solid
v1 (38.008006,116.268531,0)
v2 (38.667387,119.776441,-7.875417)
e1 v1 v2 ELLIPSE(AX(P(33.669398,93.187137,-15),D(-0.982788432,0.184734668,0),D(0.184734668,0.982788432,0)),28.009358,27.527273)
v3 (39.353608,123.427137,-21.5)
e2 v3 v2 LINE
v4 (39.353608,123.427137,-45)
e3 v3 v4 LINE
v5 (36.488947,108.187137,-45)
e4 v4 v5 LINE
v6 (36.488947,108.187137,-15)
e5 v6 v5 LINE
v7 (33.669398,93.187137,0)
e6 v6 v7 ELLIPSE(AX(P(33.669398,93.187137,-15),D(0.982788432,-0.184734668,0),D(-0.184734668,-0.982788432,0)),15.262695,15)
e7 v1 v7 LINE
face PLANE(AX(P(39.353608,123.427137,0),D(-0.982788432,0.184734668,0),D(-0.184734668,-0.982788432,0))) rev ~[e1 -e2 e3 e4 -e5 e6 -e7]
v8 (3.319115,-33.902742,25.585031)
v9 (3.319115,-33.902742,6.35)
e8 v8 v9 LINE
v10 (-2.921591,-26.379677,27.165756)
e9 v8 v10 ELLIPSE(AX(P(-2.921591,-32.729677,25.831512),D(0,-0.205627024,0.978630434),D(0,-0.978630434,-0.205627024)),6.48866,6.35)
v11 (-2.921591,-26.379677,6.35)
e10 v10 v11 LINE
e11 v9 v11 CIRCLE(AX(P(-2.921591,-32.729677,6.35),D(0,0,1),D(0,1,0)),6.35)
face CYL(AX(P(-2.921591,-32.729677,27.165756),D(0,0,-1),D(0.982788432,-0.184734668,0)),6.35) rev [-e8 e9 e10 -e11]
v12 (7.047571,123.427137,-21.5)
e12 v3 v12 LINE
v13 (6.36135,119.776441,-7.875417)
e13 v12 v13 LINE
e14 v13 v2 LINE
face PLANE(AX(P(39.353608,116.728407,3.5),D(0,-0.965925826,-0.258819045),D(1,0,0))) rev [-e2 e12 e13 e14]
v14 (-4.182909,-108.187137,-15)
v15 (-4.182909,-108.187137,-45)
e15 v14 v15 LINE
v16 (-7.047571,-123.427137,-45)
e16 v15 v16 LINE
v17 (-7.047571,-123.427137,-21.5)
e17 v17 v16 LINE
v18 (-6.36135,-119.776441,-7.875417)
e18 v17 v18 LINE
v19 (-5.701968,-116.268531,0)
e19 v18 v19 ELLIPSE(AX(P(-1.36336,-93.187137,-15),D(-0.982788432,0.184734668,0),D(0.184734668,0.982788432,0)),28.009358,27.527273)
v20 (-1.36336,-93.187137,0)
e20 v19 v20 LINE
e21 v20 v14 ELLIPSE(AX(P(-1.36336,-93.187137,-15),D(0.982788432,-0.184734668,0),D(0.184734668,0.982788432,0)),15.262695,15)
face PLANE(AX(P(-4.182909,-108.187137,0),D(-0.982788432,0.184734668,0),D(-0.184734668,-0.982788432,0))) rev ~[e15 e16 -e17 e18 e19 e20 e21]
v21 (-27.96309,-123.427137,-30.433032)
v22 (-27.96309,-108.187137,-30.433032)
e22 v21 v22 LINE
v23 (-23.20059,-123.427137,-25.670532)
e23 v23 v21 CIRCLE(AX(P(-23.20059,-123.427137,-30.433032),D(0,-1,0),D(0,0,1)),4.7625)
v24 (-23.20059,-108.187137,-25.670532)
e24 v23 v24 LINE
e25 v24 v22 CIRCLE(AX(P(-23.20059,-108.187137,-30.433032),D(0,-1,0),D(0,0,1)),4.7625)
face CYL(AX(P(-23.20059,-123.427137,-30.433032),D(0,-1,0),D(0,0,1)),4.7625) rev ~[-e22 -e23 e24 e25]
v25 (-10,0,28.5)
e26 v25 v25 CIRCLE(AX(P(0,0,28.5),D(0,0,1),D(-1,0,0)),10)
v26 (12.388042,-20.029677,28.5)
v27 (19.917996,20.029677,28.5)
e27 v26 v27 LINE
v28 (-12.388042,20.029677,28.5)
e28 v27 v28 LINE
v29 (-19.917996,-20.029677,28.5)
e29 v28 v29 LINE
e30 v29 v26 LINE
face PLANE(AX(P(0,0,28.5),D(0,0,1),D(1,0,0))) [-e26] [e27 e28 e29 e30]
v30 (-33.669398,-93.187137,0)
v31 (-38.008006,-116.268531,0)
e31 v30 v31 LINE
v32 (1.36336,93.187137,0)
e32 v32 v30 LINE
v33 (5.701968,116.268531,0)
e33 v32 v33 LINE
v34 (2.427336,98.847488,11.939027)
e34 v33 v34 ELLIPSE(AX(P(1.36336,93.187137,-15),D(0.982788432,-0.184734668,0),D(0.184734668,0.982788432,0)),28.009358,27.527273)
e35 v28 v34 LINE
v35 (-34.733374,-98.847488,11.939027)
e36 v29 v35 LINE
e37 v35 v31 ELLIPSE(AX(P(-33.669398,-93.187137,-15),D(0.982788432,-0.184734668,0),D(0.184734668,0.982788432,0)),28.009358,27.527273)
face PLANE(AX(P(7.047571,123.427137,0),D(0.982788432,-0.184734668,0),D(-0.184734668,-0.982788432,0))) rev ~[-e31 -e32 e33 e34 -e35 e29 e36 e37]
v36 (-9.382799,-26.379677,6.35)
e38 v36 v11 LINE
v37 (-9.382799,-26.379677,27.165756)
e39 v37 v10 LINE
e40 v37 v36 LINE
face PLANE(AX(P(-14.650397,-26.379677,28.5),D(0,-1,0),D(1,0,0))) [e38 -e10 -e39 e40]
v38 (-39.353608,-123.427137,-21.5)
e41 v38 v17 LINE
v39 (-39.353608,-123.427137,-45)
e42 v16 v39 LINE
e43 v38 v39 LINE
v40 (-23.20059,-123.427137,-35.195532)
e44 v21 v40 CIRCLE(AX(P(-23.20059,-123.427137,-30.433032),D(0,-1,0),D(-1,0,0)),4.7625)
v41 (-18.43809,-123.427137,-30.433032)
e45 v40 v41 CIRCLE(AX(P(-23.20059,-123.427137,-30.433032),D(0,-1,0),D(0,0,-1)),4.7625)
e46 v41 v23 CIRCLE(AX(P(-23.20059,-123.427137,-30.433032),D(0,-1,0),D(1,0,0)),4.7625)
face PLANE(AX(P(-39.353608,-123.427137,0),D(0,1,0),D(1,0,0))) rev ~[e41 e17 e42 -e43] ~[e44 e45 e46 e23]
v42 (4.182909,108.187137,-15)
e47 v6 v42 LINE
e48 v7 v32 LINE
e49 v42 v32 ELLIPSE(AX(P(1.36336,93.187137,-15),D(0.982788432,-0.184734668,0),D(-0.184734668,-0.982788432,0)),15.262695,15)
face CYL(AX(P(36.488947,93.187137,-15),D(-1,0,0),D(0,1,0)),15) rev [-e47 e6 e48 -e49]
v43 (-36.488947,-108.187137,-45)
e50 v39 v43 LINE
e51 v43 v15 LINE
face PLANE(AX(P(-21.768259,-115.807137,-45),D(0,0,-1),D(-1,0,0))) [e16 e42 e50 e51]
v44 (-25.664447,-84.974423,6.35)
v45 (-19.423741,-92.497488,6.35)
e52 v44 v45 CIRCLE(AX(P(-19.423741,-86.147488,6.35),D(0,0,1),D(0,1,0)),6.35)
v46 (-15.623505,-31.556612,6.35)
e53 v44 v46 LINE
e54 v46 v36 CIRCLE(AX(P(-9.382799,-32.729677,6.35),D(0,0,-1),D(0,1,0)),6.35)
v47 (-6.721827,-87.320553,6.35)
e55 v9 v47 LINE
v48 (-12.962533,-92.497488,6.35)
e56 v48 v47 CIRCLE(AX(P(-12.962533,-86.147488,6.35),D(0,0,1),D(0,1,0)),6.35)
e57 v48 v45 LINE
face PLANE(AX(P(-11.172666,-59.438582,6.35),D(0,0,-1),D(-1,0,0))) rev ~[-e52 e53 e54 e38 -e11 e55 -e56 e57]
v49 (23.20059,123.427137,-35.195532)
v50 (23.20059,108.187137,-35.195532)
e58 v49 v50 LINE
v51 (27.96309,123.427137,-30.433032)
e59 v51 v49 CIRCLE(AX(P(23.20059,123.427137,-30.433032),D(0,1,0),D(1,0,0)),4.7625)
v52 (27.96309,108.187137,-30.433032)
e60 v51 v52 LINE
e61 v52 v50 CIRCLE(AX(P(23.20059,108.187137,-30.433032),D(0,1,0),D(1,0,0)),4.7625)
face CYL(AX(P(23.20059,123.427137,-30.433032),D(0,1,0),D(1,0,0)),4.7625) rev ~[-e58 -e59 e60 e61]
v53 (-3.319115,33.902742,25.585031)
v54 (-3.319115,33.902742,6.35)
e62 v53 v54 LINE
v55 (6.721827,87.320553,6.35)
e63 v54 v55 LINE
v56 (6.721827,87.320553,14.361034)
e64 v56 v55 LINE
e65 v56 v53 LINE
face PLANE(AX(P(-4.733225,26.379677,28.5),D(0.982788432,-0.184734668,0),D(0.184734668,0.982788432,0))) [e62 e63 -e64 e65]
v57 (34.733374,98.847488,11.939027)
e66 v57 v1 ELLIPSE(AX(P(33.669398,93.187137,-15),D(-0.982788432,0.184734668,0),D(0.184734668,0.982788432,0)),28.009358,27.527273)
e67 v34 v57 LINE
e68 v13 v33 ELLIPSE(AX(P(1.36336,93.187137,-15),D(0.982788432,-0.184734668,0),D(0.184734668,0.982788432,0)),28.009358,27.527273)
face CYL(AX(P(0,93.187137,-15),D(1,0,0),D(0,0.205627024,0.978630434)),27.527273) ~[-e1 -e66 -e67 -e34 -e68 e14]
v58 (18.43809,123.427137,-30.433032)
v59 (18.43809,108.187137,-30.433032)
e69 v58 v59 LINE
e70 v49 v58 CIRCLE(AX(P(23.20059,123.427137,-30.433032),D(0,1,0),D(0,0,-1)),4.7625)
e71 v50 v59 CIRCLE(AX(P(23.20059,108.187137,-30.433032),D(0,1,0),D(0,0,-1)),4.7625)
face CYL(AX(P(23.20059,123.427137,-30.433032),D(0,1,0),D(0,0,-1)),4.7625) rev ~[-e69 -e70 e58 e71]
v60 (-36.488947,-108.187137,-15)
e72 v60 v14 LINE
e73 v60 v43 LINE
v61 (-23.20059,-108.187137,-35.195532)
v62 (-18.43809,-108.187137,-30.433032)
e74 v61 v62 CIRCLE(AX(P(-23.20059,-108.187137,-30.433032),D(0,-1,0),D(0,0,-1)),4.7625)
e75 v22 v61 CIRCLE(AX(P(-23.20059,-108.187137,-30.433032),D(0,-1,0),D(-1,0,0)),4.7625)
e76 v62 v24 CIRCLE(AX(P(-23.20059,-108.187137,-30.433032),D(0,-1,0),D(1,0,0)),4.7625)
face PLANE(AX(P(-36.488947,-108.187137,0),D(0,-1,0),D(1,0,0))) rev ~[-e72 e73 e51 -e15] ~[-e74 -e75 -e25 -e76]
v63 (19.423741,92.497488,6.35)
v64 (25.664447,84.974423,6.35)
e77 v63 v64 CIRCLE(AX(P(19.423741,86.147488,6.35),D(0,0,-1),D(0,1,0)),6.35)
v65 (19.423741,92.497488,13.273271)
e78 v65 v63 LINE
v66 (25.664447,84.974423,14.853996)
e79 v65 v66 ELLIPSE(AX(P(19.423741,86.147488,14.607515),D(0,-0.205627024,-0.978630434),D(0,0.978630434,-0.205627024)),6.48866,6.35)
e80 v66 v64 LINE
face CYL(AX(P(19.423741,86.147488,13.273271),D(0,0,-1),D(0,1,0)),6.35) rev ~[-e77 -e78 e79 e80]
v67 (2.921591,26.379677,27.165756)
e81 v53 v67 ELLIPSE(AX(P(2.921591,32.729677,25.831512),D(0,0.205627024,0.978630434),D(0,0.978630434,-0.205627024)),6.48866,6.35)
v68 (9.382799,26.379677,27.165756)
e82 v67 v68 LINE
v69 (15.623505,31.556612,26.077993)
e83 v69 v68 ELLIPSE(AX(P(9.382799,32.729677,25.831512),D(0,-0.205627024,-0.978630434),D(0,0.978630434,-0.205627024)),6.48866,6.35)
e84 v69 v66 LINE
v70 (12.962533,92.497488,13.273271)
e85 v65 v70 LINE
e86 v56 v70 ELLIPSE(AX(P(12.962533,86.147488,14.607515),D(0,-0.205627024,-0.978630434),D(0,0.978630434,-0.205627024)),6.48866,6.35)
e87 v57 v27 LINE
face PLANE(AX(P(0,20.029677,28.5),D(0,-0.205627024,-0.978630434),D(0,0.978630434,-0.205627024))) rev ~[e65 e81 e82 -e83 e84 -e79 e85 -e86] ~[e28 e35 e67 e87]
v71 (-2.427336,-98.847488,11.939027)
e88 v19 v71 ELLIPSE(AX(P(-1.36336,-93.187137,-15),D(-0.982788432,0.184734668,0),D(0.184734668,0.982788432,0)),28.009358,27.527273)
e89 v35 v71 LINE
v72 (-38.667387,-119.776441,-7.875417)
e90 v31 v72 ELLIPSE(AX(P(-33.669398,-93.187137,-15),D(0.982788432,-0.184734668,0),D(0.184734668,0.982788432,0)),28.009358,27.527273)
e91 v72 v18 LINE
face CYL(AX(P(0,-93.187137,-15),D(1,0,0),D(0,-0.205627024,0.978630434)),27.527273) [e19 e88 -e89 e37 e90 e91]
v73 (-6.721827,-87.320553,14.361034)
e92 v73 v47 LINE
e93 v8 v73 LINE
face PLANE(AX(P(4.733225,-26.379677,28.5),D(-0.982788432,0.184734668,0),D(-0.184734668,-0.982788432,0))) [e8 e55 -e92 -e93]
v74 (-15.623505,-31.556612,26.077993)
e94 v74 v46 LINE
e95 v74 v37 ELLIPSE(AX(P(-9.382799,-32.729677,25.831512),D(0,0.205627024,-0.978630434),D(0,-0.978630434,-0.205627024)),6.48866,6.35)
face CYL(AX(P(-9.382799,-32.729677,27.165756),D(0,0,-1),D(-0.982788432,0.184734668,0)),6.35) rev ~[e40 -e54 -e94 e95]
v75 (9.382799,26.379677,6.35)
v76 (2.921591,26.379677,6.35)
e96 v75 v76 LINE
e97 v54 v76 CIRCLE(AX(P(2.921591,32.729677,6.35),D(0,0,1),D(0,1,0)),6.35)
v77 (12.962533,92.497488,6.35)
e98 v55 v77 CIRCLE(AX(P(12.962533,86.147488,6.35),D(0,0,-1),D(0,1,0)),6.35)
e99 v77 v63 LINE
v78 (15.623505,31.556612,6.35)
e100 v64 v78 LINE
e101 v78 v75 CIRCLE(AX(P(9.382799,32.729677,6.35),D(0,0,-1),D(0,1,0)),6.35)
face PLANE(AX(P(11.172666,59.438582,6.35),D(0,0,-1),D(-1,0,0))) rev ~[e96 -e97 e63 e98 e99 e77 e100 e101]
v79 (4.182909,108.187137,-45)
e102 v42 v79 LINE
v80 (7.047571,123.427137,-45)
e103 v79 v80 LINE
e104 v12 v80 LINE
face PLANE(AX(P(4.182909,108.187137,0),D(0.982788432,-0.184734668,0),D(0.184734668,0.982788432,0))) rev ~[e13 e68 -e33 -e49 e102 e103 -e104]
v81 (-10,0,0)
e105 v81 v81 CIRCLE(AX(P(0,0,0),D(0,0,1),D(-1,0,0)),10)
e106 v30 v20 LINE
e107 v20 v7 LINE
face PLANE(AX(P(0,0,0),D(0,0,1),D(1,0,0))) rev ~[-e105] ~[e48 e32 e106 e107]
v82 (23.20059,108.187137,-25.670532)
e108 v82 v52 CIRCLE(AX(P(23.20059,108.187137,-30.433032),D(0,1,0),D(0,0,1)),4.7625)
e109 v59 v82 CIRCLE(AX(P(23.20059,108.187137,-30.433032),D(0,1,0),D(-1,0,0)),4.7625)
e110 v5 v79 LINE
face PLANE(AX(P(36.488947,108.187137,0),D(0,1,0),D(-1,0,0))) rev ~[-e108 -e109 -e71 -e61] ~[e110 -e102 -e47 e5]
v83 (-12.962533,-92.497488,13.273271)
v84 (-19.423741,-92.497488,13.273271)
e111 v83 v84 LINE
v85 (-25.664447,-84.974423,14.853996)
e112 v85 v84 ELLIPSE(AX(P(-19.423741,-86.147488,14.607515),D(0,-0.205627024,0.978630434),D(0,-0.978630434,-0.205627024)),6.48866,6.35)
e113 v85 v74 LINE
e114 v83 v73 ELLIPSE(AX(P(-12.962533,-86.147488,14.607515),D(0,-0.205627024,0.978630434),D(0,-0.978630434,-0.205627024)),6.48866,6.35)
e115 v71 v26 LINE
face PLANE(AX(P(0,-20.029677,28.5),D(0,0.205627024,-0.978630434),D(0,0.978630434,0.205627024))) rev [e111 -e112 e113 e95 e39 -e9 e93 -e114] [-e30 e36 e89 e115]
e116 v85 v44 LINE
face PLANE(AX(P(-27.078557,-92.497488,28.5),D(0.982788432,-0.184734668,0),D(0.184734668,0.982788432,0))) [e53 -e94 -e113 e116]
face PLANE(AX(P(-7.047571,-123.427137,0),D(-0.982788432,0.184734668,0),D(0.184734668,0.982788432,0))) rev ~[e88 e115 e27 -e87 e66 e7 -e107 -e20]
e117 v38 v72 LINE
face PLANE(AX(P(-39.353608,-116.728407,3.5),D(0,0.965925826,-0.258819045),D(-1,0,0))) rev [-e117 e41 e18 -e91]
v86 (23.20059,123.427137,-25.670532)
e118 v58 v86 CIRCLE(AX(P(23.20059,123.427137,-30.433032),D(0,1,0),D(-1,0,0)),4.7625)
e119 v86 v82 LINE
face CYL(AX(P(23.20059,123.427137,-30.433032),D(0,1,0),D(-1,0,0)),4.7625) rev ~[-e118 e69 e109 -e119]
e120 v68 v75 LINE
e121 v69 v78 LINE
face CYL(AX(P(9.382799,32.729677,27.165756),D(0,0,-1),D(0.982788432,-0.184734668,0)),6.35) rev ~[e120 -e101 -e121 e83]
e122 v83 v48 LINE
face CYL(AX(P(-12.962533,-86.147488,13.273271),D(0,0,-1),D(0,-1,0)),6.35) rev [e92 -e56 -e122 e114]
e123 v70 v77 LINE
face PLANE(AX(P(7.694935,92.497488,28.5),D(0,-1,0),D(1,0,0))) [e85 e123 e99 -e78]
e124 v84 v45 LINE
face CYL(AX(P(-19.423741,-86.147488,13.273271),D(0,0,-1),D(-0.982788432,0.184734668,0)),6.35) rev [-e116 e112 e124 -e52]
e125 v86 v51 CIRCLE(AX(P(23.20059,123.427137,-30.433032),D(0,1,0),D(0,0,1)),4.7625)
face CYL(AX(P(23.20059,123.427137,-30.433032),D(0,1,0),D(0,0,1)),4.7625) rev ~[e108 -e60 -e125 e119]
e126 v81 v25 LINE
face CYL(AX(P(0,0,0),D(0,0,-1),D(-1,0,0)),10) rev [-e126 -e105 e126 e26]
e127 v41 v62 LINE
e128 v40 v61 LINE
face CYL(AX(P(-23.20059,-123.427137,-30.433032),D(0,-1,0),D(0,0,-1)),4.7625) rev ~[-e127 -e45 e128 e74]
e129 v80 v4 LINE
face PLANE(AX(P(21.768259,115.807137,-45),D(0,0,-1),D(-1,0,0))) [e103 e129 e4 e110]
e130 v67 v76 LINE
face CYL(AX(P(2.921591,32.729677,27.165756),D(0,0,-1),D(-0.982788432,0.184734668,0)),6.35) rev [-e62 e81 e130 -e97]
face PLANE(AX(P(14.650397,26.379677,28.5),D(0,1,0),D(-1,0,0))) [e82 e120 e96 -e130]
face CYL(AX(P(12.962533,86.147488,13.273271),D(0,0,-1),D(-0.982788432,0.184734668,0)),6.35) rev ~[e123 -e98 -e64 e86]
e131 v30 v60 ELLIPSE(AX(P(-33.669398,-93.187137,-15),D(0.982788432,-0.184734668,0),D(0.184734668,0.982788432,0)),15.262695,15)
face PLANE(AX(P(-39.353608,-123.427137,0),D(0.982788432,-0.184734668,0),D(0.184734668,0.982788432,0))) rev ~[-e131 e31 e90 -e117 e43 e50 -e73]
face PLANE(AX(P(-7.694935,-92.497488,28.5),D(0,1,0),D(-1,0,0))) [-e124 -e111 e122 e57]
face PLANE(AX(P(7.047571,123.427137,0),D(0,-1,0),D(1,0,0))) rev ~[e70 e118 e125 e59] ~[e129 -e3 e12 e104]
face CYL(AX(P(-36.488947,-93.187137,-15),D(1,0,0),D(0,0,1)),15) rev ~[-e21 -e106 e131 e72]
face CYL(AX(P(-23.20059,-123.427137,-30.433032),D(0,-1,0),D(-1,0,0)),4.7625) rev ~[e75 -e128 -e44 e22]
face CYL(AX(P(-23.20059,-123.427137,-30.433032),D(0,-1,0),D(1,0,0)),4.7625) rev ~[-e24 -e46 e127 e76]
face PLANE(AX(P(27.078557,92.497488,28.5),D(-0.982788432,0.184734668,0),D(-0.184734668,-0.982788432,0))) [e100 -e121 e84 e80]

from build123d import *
from OCP.BRepFilletAPI import BRepFilletAPI_MakeChamfer

# Parameters (mm, degrees)
SKETCH1_R           = 10
BOSS_EXTRUDE1_DEPTH = 28.5
BOSS_EXTRUDE2_DEPTH = 45
CUT_EXTRUDE1_DEPTH  = 30
CIRPATTERN1_COUNT   = 2
CHAMFER1_SIZE       = 50
CHAMFER1_SIZE2      = 13.397459622
FILLET3_R           = 15
CHAMFER2_SIZE       = 90
CHAMFER2_SIZE2      = 13.607292824
CUT_EXTRUDE2_DEPTH  = 138.142132616
CUT_EXTRUDE4_DEPTH  = 22.15
FILLET6_R           = 6.35


with BuildPart() as part:
    # Sketch1 → Boss-Extrude1 (new body)
    with BuildSketch(Plane.XY):
        Polygon((-7.047570808, -123.427136592), (39.353608362, 123.427136592), (7.047570808, 123.427136592), (-39.353608362, -123.427136592), align=None)
        with Locations(Location((0, 0, 0), (0, 0, 180))):
            Circle(SKETCH1_R, mode=Mode.SUBTRACT)
    extrude(amount=BOSS_EXTRUDE1_DEPTH)

    # Sketch2 → Boss-Extrude2 (add)
    with BuildSketch(Plane(origin=(0, 0, 0), x_dir=(-1, 0, 0), z_dir=(0, 0, -1))):
        Polygon((-39.353608362, 123.427136592), (-36.488946708, 108.187136592), (-4.182909154, 108.187136592), (-7.047570808, 123.427136592), align=None)
        Polygon((36.488946708, -108.187136592), (4.182909154, -108.187136592), (7.047570808, -123.427136592), (39.353608362, -123.427136592), align=None)
    extrude(amount=BOSS_EXTRUDE2_DEPTH)

    # Sketch4 → Cut-Extrude1 (cut)
    with BuildSketch(Plane(origin=(0, 123.427136592, 0), x_dir=(1, 0, 0), z_dir=(0, 1, 0))):
        with BuildLine():
            ThreePointArc((18.438089585, 30.433032299), (19.83299354, 27.065436254), (23.200589585, 25.670532299))
            Line((23.200589585, 25.670532299), (23.200589585, 30.433032299))
            Line((23.200589585, 30.433032299), (18.438089585, 30.433032299))
        make_face()
        with BuildLine():
            Line((23.200589585, 30.433032299), (23.200589585, 25.670532299))
            ThreePointArc((23.200589585, 25.670532299), (26.56818563, 27.065436254), (27.963089585, 30.433032299))
            Line((27.963089585, 30.433032299), (23.200589585, 30.433032299))
        make_face()
        with BuildLine():
            Line((18.438089585, 30.433032299), (23.200589585, 30.433032299))
            Line((23.200589585, 30.433032299), (23.200589585, 35.195532299))
            ThreePointArc((23.200589585, 35.195532299), (19.83299354, 33.800628344), (18.438089585, 30.433032299))
        make_face()
        with BuildLine():
            Line((23.200589585, 35.195532299), (23.200589585, 30.433032299))
            Line((23.200589585, 30.433032299), (27.963089585, 30.433032299))
            ThreePointArc((27.963089585, 30.433032299), (26.56818563, 33.800628344), (23.200589585, 35.195532299))
        make_face()
    cut_extrude1 = extrude(amount=-CUT_EXTRUDE1_DEPTH, mode=Mode.SUBTRACT)

    # CirPattern1: Cut-Extrude1 ×2 about axis
    cirpattern1_axis = Axis((0, 0, 28.5), (0, 0, -1))
    for i in range(1, CIRPATTERN1_COUNT):
        add(cut_extrude1.rotate(cirpattern1_axis, i * 360 / CIRPATTERN1_COUNT), mode=Mode.SUBTRACT)

    # Chamfer1: one chamfer whose edges measure the first distance from different faces: ONE call of the kernel's chamfer builder (chamfer() names one face for all edges)
    chamfer1_edges_1 = [part.edges().sort_by_distance(p)[0] for p in [
        (-23.200589585, -123.427136592, 28.5),
    ]]
    chamfer1_side_1 = [part.faces().sort_by_distance(p)[0] for p in [
        (-23.200589585, -123.427136592, -7.563719055),
    ]]
    chamfer1_edges_2 = [part.edges().sort_by_distance(p)[0] for p in [
        (23.200589585, 123.427136592, 28.5),
    ]]
    chamfer1_side_2 = [part.faces().sort_by_distance(p)[0] for p in [
        (23.200589585, 123.427136592, -7.563719055),
    ]]
    chamfer1 = BRepFilletAPI_MakeChamfer(part.part.solid().wrapped)
    for e in chamfer1_edges_1:
        chamfer1.Add(CHAMFER1_SIZE, CHAMFER1_SIZE2, e.wrapped, chamfer1_side_1[0].wrapped)  # the first distance lies on this face
    for e in chamfer1_edges_2:
        chamfer1.Add(CHAMFER1_SIZE, CHAMFER1_SIZE2, e.wrapped, chamfer1_side_2[0].wrapped)  # the first distance lies on this face
    add(Compound.cast(chamfer1.Shape()), mode=Mode.REPLACE)

    # Fillet3
    fillet3_edges = [part.edges().sort_by_distance(p)[0] for p in [
        (20.335927931, 108.187136592, 0),
        (-20.335927931, -108.187136592, 0),
    ]]
    fillet(fillet3_edges, radius=FILLET3_R)

    # Chamfer2
    chamfer2_edges = [part.edges().sort_by_distance(p)[0] for p in [
        (-20.682270107, -110.02967697, 28.5),
        (20.682270107, 110.02967697, 28.5),
    ]]
    chamfer2_side = [part.faces().sort_by_distance(p)[0] for p in [
        (13.872325433, 0.428701757, 28.5),
    ]]
    chamfer(chamfer2_edges, length=CHAMFER2_SIZE, length2=CHAMFER2_SIZE2, reference=chamfer2_side[0])

    # Sketch10 → Cut-Extrude2 (cut, symmetric)
    with BuildSketch(Plane(origin=(0, 0, 0), x_dir=(0, 0, -1), z_dir=(1, 0, 0))):
        with BuildLine():
            Line((-28.5, 20.02967697), (-11.939027322, 98.847487856))
            ThreePointArc((-11.939027322, 98.847487856), (-4.989688501, 112.112334692), (7.875417438, 119.776440697))
            Line((7.875417438, 119.776440697), (-24.698068362, 128.387749722))
            Line((-24.698068362, 128.387749722), (-33.956814005, 23.522391457))
            Line((-33.956814005, 23.522391457), (-28.5, 20.02967697))
        make_face()
    cut_extrude2 = extrude(amount=CUT_EXTRUDE2_DEPTH, both=True, mode=Mode.SUBTRACT)

    # Mirror1: Cut-Extrude2 across plane
    add(cut_extrude2.mirror(Plane.ZX), mode=Mode.SUBTRACT)

    # Sketch11 → Cut-Extrude4 (cut)
    with BuildSketch(Plane.XY.offset(28.5)):
        Polygon((14.650397163, 26.37967697), (-4.73322537, 26.37967697), (7.694934571, 92.497487856), (27.078557104, 92.497487856), align=None)
        Polygon((-14.650397163, -26.37967697), (4.73322537, -26.37967697), (-7.694934571, -92.497487856), (-27.078557104, -92.497487856), align=None)
    extrude(amount=-CUT_EXTRUDE4_DEPTH, mode=Mode.SUBTRACT)

    # Fillet6
    fillet6_edges = [part.edges().sort_by_distance(p)[0] for p in [
        (14.650397163, 26.37967697, 16.757878094),
        (-4.73322537, 26.37967697, 16.757878094),
        (7.694934571, 92.497487856, 9.811635567),
        (27.078557104, 92.497487856, 9.811635567),
        (-27.078557104, -92.497487856, 9.811635567),
        (-7.694934571, -92.497487856, 9.811635567),
        (4.73322537, -26.37967697, 16.757878094),
        (-14.650397163, -26.37967697, 16.757878094),
    ]]
    fillet(fillet6_edges, radius=FILLET6_R)


solid = part.part
